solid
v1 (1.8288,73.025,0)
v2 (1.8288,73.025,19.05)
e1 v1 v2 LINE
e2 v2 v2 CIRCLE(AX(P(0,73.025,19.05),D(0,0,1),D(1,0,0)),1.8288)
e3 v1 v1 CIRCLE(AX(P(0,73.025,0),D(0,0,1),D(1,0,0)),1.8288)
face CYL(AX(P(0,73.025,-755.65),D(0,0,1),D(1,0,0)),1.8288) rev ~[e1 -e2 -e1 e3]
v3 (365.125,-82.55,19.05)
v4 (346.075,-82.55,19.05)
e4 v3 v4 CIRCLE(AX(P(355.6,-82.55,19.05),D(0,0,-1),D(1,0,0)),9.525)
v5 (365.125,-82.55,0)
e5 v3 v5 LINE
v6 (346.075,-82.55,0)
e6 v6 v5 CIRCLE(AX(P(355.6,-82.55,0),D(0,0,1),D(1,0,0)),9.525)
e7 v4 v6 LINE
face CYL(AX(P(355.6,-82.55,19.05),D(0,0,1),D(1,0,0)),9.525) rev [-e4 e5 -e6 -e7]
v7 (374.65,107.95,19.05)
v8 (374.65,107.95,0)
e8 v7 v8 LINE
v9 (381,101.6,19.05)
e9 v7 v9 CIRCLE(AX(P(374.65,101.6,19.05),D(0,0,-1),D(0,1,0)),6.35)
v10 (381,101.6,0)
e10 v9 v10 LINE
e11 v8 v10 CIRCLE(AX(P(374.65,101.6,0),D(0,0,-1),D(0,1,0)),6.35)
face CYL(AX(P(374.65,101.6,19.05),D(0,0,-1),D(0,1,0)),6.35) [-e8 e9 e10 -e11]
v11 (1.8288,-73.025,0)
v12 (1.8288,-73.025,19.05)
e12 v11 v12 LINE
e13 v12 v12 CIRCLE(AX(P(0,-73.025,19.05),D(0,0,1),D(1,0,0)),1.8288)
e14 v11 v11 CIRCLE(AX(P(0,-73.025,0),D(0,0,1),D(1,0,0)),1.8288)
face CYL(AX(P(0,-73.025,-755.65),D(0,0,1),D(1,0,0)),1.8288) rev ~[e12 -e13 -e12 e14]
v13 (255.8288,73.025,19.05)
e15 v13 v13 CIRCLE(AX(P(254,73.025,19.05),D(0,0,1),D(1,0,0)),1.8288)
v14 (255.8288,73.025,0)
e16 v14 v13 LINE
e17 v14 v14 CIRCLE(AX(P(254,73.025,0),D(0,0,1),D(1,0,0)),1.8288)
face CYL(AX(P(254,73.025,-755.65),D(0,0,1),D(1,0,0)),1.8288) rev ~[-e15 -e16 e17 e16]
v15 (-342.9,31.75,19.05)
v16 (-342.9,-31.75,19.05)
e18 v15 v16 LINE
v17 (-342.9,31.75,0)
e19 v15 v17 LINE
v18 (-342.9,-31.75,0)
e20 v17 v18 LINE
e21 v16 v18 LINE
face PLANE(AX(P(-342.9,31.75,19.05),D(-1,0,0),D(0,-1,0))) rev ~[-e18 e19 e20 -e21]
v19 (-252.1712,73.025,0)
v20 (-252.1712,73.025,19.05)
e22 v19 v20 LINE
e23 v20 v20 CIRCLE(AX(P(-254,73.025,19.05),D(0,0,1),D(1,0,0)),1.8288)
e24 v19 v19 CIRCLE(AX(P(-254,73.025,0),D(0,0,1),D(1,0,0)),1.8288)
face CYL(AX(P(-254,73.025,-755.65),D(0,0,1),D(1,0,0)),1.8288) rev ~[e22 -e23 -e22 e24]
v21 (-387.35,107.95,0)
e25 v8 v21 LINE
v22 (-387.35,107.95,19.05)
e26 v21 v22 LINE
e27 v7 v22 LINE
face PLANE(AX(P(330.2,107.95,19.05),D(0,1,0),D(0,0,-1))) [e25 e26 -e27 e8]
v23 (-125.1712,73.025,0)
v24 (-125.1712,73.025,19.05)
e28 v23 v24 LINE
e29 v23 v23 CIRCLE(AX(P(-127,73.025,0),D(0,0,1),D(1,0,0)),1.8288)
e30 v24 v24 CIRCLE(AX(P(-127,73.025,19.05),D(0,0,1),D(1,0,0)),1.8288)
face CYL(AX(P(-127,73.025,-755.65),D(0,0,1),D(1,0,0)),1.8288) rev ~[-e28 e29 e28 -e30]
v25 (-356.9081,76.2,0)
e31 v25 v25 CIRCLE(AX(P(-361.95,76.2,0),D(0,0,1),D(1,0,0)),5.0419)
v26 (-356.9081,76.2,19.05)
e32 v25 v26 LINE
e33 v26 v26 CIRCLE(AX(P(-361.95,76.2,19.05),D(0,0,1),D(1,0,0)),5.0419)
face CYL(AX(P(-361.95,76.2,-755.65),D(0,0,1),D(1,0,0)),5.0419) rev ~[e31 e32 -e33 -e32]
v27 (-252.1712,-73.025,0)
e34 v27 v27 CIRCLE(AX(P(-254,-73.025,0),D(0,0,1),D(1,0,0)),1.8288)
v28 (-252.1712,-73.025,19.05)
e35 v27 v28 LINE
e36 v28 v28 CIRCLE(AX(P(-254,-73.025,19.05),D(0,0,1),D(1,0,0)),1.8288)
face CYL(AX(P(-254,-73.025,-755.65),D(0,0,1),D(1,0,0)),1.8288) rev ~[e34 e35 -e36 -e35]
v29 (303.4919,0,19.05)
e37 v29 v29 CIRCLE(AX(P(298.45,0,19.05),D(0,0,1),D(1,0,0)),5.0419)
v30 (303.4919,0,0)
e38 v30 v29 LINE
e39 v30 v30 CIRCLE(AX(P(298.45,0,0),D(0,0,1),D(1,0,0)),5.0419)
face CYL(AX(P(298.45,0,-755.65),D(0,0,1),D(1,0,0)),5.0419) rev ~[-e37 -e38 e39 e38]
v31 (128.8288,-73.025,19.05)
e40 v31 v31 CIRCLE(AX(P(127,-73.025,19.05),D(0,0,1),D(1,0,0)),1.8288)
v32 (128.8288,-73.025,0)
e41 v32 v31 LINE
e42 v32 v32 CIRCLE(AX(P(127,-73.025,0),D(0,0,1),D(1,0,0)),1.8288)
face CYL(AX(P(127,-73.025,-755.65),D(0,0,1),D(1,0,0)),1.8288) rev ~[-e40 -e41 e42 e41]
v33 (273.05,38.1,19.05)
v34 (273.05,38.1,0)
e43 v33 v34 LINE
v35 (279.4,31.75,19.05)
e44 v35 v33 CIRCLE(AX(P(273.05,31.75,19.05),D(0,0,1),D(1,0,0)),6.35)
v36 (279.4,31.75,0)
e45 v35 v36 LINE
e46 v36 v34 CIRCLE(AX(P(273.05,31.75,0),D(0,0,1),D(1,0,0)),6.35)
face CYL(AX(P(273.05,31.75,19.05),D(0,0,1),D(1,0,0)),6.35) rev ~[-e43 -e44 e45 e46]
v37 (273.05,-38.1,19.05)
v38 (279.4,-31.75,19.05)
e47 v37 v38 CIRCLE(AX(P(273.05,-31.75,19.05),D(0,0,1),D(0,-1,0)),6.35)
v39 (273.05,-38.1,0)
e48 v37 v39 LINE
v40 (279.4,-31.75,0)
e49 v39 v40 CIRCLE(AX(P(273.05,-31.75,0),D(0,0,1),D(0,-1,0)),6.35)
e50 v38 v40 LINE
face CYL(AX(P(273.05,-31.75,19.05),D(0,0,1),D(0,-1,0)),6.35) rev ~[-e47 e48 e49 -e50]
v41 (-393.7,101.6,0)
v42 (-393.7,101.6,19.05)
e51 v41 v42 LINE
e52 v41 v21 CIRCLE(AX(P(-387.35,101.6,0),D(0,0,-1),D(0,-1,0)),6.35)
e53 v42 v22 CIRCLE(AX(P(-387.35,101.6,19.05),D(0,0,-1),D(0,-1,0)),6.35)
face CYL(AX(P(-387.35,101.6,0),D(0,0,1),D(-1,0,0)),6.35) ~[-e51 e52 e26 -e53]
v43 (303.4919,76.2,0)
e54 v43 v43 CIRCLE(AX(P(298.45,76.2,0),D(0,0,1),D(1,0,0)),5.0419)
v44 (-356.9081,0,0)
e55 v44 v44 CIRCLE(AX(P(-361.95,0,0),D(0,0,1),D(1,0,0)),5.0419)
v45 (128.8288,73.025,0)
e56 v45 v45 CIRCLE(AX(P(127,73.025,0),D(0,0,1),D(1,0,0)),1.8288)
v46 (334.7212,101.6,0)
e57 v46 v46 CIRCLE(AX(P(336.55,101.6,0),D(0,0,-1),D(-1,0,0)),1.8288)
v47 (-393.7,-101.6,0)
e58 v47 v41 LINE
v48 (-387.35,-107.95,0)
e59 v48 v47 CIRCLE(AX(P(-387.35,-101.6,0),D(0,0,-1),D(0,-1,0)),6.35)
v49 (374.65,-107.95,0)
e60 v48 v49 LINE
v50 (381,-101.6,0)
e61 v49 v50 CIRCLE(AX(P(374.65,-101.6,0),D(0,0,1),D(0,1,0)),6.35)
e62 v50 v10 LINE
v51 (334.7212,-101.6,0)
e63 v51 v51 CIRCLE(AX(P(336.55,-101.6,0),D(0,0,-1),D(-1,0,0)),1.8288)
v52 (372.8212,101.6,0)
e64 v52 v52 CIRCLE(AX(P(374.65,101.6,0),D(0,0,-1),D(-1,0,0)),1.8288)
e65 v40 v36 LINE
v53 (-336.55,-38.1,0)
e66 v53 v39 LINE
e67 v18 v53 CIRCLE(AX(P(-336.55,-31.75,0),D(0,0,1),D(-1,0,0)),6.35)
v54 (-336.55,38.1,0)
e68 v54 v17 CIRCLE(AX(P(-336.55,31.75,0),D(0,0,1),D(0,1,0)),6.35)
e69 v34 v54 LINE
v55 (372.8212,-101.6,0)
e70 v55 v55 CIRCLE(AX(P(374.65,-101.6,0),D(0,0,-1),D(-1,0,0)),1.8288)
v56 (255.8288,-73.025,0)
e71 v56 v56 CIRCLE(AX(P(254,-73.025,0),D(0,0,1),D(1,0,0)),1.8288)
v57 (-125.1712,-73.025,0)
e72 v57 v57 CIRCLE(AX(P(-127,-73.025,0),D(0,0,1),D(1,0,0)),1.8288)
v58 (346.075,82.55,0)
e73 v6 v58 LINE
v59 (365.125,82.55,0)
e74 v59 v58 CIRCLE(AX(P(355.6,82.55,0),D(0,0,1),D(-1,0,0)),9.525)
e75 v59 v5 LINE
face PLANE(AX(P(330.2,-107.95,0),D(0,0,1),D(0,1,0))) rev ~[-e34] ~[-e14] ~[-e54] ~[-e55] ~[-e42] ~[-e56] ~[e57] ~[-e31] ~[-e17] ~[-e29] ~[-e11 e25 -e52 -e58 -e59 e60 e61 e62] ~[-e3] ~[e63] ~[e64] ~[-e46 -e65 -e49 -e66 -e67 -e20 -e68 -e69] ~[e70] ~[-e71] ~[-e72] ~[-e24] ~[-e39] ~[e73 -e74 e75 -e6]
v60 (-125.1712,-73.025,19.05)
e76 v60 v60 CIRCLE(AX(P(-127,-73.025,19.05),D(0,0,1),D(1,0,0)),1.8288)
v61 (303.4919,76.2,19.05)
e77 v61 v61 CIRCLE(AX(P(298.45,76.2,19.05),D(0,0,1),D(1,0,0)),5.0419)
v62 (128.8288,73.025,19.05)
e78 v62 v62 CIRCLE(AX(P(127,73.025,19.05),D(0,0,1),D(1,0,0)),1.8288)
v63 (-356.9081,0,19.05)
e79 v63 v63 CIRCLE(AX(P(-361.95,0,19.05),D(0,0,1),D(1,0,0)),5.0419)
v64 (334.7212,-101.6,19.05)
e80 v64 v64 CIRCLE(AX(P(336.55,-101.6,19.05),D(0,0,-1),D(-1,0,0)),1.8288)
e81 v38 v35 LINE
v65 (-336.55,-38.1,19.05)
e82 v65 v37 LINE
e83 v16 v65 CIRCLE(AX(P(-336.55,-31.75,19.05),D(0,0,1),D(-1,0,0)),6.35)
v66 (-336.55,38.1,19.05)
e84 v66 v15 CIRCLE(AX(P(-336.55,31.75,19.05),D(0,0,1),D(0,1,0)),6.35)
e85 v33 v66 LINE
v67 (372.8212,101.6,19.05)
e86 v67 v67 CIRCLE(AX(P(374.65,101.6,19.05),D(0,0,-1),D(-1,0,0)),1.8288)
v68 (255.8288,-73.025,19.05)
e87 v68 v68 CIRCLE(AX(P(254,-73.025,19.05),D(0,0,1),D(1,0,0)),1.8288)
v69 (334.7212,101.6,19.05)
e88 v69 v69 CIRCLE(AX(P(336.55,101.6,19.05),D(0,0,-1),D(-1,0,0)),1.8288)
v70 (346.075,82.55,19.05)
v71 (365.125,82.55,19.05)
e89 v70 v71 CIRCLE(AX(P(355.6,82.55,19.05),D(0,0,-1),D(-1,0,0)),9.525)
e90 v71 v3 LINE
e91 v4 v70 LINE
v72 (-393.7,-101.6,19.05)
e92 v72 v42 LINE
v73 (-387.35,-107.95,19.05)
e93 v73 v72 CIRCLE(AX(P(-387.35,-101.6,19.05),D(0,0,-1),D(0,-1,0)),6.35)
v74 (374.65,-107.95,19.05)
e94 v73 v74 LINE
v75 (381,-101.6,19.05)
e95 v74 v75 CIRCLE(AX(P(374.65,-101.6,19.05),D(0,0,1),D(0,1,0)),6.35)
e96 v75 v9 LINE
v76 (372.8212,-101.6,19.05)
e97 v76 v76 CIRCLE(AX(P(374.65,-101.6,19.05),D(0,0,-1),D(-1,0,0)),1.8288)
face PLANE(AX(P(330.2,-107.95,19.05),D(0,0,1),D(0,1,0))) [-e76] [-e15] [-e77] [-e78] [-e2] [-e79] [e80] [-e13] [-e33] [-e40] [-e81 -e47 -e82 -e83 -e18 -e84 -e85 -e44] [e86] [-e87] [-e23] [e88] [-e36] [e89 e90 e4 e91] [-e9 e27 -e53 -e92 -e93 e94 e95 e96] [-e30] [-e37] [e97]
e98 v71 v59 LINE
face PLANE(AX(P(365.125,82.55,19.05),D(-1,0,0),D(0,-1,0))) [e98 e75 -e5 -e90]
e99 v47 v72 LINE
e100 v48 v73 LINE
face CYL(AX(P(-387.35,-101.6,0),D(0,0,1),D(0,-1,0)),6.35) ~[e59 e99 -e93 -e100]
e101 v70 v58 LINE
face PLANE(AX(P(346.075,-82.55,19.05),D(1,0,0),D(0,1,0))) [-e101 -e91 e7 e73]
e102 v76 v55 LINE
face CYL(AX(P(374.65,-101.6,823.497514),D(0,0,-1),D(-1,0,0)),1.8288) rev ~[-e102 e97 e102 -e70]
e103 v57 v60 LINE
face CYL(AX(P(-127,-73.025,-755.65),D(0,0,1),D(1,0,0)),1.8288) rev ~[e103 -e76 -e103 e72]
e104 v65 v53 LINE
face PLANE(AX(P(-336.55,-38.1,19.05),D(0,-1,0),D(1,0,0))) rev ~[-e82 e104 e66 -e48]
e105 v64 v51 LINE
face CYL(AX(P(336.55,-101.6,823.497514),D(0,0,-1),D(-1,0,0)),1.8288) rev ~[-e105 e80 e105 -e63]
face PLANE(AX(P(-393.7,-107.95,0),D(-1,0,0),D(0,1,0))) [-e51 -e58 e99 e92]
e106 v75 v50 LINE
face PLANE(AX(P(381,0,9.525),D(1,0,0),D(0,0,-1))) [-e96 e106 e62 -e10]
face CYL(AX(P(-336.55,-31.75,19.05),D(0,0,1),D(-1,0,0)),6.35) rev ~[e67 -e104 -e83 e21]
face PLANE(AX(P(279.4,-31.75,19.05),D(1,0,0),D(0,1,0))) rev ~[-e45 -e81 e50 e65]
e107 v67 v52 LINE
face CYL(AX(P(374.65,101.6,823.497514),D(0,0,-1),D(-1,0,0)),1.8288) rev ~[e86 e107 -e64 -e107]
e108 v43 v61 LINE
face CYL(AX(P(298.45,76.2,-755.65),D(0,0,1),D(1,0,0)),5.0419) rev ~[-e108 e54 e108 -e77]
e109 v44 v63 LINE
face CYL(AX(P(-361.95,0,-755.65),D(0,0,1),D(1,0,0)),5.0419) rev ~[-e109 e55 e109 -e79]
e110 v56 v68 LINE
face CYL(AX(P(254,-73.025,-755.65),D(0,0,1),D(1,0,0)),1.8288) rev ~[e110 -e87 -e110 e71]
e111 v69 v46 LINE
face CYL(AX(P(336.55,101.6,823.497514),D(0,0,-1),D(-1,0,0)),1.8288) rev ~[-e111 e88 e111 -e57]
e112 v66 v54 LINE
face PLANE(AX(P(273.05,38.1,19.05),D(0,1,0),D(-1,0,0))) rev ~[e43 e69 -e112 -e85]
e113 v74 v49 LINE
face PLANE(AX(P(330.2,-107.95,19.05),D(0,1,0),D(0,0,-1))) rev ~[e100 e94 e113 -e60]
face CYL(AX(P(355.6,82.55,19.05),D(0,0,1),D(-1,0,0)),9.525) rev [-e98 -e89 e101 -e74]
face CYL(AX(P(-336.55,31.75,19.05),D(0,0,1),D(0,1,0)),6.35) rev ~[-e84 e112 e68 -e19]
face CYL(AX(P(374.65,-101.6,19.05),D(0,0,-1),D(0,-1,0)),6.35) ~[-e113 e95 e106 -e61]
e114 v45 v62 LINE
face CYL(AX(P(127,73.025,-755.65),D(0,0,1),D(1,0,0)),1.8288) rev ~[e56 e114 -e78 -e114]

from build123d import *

# Parameters (mm, degrees)
SKETCH2_W                   = 723.9
SKETCH2_H                   = 215.9
BOSS_EXTRUDE1_DEPTH         = 19.05
CUT_EXTRUDE3_DEPTH          = 409.675659906
F_27_0_144_DIAMETER_HOLE1_D = 3.6576
F_3_8_CLEARANCE_HOLE1_D     = 10.0838
SKETCH22_W                  = 19.05
SKETCH22_H                  = 215.9
BOSS_EXTRUDE2_DEPTH         = 50.8
FILLET1_R                   = 6.35
F_6_CLEARANCE_HOLE1_D       = 3.6576
CUT_EXTRUDE4_DEPTH          = 76.2


with BuildPart() as part:
    # Sketch2 → Boss-Extrude1 (new body)
    with BuildSketch(Plane.XY):
        with Locations((-31.75, 0)):
            Rectangle(SKETCH2_W, SKETCH2_H)
    extrude(amount=BOSS_EXTRUDE1_DEPTH)

    # Sketch13 → Cut-Extrude3 (cut, through all)
    with BuildSketch(Plane.XY.offset(19.05)):
        with BuildLine():
            Line((-336.55, -38.1), (273.05, -38.1))
            ThreePointArc((273.05, -38.1), (277.540128061, -36.240128061), (279.4, -31.75))
            Line((279.4, -31.75), (279.4, 31.75))
            ThreePointArc((279.4, 31.75), (277.540128061, 36.240128061), (273.05, 38.1))
            Line((273.05, 38.1), (-336.55, 38.1))
            ThreePointArc((-336.55, 38.1), (-341.040128061, 36.240128061), (-342.9, 31.75))
            Line((-342.9, 31.75), (-342.9, -31.75))
            ThreePointArc((-342.9, -31.75), (-341.040128061, -36.240128061), (-336.55, -38.1))
        make_face()
    extrude(amount=-CUT_EXTRUDE3_DEPTH, mode=Mode.SUBTRACT)

    # #27 (0.144) Diameter Hole1 (through all)
    with Locations(Plane(origin=(0, 0, 0), x_dir=(-1, 0, 0), z_dir=(0, 0, -1))):
        with Locations((0, 0), (-254, 73.025), (-127, 73.025), (0, 73.025), (127, 73.025), (254, 73.025), (-127, -73.025), (0, -73.025), (127, -73.025), (254, -73.025), (-254, -73.025)):
            Hole(F_27_0_144_DIAMETER_HOLE1_D / 2)

    # 3/8 Clearance Hole1 (through all)
    with Locations(Plane(origin=(0, 0, 0), x_dir=(-1, 0, 0), z_dir=(0, 0, -1))):
        with Locations((-298.45, 76.2), (361.95, 76.2), (361.95, 0), (-298.45, 0)):
            Hole(F_3_8_CLEARANCE_HOLE1_D / 2)

    # Sketch22 → Boss-Extrude2 (add)
    with BuildSketch(Plane(origin=(330.2, 0, 0), x_dir=(0, 0, -1), z_dir=(1, 0, 0))):
        with Locations((-9.525, 0)):
            Rectangle(SKETCH22_W, SKETCH22_H)
    extrude(amount=BOSS_EXTRUDE2_DEPTH)

    # Fillet1
    fillet1_edges = [part.edges().sort_by_distance(p)[0] for p in [
        (381, -107.95, 9.525),
        (381, 107.95, 9.525),
        (-393.7, 107.95, 9.525),
        (-393.7, -107.95, 9.525),
    ]]
    fillet(fillet1_edges, radius=FILLET1_R)

    # #6 Clearance Hole1 (through all)
    with Locations(Plane.XY.offset(19.05)):
        with Locations((336.55, -101.6), (355.6, 0), (336.55, 101.6), (374.65, -101.6), (374.65, 101.6)):
            Hole(F_6_CLEARANCE_HOLE1_D / 2)

    # Sketch25 → Cut-Extrude4 (cut)
    with BuildSketch(Plane.XY.offset(19.05)):
        with BuildLine():
            Line((346.075, -82.55), (346.075, 82.55))
            ThreePointArc((346.075, 82.55), (355.6, 92.075), (365.125, 82.55))
            Line((365.125, 82.55), (365.125, -82.55))
            ThreePointArc((365.125, -82.55), (355.6, -92.075), (346.075, -82.55))
        make_face()
    extrude(amount=-CUT_EXTRUDE4_DEPTH, mode=Mode.SUBTRACT)


solid = part.part
